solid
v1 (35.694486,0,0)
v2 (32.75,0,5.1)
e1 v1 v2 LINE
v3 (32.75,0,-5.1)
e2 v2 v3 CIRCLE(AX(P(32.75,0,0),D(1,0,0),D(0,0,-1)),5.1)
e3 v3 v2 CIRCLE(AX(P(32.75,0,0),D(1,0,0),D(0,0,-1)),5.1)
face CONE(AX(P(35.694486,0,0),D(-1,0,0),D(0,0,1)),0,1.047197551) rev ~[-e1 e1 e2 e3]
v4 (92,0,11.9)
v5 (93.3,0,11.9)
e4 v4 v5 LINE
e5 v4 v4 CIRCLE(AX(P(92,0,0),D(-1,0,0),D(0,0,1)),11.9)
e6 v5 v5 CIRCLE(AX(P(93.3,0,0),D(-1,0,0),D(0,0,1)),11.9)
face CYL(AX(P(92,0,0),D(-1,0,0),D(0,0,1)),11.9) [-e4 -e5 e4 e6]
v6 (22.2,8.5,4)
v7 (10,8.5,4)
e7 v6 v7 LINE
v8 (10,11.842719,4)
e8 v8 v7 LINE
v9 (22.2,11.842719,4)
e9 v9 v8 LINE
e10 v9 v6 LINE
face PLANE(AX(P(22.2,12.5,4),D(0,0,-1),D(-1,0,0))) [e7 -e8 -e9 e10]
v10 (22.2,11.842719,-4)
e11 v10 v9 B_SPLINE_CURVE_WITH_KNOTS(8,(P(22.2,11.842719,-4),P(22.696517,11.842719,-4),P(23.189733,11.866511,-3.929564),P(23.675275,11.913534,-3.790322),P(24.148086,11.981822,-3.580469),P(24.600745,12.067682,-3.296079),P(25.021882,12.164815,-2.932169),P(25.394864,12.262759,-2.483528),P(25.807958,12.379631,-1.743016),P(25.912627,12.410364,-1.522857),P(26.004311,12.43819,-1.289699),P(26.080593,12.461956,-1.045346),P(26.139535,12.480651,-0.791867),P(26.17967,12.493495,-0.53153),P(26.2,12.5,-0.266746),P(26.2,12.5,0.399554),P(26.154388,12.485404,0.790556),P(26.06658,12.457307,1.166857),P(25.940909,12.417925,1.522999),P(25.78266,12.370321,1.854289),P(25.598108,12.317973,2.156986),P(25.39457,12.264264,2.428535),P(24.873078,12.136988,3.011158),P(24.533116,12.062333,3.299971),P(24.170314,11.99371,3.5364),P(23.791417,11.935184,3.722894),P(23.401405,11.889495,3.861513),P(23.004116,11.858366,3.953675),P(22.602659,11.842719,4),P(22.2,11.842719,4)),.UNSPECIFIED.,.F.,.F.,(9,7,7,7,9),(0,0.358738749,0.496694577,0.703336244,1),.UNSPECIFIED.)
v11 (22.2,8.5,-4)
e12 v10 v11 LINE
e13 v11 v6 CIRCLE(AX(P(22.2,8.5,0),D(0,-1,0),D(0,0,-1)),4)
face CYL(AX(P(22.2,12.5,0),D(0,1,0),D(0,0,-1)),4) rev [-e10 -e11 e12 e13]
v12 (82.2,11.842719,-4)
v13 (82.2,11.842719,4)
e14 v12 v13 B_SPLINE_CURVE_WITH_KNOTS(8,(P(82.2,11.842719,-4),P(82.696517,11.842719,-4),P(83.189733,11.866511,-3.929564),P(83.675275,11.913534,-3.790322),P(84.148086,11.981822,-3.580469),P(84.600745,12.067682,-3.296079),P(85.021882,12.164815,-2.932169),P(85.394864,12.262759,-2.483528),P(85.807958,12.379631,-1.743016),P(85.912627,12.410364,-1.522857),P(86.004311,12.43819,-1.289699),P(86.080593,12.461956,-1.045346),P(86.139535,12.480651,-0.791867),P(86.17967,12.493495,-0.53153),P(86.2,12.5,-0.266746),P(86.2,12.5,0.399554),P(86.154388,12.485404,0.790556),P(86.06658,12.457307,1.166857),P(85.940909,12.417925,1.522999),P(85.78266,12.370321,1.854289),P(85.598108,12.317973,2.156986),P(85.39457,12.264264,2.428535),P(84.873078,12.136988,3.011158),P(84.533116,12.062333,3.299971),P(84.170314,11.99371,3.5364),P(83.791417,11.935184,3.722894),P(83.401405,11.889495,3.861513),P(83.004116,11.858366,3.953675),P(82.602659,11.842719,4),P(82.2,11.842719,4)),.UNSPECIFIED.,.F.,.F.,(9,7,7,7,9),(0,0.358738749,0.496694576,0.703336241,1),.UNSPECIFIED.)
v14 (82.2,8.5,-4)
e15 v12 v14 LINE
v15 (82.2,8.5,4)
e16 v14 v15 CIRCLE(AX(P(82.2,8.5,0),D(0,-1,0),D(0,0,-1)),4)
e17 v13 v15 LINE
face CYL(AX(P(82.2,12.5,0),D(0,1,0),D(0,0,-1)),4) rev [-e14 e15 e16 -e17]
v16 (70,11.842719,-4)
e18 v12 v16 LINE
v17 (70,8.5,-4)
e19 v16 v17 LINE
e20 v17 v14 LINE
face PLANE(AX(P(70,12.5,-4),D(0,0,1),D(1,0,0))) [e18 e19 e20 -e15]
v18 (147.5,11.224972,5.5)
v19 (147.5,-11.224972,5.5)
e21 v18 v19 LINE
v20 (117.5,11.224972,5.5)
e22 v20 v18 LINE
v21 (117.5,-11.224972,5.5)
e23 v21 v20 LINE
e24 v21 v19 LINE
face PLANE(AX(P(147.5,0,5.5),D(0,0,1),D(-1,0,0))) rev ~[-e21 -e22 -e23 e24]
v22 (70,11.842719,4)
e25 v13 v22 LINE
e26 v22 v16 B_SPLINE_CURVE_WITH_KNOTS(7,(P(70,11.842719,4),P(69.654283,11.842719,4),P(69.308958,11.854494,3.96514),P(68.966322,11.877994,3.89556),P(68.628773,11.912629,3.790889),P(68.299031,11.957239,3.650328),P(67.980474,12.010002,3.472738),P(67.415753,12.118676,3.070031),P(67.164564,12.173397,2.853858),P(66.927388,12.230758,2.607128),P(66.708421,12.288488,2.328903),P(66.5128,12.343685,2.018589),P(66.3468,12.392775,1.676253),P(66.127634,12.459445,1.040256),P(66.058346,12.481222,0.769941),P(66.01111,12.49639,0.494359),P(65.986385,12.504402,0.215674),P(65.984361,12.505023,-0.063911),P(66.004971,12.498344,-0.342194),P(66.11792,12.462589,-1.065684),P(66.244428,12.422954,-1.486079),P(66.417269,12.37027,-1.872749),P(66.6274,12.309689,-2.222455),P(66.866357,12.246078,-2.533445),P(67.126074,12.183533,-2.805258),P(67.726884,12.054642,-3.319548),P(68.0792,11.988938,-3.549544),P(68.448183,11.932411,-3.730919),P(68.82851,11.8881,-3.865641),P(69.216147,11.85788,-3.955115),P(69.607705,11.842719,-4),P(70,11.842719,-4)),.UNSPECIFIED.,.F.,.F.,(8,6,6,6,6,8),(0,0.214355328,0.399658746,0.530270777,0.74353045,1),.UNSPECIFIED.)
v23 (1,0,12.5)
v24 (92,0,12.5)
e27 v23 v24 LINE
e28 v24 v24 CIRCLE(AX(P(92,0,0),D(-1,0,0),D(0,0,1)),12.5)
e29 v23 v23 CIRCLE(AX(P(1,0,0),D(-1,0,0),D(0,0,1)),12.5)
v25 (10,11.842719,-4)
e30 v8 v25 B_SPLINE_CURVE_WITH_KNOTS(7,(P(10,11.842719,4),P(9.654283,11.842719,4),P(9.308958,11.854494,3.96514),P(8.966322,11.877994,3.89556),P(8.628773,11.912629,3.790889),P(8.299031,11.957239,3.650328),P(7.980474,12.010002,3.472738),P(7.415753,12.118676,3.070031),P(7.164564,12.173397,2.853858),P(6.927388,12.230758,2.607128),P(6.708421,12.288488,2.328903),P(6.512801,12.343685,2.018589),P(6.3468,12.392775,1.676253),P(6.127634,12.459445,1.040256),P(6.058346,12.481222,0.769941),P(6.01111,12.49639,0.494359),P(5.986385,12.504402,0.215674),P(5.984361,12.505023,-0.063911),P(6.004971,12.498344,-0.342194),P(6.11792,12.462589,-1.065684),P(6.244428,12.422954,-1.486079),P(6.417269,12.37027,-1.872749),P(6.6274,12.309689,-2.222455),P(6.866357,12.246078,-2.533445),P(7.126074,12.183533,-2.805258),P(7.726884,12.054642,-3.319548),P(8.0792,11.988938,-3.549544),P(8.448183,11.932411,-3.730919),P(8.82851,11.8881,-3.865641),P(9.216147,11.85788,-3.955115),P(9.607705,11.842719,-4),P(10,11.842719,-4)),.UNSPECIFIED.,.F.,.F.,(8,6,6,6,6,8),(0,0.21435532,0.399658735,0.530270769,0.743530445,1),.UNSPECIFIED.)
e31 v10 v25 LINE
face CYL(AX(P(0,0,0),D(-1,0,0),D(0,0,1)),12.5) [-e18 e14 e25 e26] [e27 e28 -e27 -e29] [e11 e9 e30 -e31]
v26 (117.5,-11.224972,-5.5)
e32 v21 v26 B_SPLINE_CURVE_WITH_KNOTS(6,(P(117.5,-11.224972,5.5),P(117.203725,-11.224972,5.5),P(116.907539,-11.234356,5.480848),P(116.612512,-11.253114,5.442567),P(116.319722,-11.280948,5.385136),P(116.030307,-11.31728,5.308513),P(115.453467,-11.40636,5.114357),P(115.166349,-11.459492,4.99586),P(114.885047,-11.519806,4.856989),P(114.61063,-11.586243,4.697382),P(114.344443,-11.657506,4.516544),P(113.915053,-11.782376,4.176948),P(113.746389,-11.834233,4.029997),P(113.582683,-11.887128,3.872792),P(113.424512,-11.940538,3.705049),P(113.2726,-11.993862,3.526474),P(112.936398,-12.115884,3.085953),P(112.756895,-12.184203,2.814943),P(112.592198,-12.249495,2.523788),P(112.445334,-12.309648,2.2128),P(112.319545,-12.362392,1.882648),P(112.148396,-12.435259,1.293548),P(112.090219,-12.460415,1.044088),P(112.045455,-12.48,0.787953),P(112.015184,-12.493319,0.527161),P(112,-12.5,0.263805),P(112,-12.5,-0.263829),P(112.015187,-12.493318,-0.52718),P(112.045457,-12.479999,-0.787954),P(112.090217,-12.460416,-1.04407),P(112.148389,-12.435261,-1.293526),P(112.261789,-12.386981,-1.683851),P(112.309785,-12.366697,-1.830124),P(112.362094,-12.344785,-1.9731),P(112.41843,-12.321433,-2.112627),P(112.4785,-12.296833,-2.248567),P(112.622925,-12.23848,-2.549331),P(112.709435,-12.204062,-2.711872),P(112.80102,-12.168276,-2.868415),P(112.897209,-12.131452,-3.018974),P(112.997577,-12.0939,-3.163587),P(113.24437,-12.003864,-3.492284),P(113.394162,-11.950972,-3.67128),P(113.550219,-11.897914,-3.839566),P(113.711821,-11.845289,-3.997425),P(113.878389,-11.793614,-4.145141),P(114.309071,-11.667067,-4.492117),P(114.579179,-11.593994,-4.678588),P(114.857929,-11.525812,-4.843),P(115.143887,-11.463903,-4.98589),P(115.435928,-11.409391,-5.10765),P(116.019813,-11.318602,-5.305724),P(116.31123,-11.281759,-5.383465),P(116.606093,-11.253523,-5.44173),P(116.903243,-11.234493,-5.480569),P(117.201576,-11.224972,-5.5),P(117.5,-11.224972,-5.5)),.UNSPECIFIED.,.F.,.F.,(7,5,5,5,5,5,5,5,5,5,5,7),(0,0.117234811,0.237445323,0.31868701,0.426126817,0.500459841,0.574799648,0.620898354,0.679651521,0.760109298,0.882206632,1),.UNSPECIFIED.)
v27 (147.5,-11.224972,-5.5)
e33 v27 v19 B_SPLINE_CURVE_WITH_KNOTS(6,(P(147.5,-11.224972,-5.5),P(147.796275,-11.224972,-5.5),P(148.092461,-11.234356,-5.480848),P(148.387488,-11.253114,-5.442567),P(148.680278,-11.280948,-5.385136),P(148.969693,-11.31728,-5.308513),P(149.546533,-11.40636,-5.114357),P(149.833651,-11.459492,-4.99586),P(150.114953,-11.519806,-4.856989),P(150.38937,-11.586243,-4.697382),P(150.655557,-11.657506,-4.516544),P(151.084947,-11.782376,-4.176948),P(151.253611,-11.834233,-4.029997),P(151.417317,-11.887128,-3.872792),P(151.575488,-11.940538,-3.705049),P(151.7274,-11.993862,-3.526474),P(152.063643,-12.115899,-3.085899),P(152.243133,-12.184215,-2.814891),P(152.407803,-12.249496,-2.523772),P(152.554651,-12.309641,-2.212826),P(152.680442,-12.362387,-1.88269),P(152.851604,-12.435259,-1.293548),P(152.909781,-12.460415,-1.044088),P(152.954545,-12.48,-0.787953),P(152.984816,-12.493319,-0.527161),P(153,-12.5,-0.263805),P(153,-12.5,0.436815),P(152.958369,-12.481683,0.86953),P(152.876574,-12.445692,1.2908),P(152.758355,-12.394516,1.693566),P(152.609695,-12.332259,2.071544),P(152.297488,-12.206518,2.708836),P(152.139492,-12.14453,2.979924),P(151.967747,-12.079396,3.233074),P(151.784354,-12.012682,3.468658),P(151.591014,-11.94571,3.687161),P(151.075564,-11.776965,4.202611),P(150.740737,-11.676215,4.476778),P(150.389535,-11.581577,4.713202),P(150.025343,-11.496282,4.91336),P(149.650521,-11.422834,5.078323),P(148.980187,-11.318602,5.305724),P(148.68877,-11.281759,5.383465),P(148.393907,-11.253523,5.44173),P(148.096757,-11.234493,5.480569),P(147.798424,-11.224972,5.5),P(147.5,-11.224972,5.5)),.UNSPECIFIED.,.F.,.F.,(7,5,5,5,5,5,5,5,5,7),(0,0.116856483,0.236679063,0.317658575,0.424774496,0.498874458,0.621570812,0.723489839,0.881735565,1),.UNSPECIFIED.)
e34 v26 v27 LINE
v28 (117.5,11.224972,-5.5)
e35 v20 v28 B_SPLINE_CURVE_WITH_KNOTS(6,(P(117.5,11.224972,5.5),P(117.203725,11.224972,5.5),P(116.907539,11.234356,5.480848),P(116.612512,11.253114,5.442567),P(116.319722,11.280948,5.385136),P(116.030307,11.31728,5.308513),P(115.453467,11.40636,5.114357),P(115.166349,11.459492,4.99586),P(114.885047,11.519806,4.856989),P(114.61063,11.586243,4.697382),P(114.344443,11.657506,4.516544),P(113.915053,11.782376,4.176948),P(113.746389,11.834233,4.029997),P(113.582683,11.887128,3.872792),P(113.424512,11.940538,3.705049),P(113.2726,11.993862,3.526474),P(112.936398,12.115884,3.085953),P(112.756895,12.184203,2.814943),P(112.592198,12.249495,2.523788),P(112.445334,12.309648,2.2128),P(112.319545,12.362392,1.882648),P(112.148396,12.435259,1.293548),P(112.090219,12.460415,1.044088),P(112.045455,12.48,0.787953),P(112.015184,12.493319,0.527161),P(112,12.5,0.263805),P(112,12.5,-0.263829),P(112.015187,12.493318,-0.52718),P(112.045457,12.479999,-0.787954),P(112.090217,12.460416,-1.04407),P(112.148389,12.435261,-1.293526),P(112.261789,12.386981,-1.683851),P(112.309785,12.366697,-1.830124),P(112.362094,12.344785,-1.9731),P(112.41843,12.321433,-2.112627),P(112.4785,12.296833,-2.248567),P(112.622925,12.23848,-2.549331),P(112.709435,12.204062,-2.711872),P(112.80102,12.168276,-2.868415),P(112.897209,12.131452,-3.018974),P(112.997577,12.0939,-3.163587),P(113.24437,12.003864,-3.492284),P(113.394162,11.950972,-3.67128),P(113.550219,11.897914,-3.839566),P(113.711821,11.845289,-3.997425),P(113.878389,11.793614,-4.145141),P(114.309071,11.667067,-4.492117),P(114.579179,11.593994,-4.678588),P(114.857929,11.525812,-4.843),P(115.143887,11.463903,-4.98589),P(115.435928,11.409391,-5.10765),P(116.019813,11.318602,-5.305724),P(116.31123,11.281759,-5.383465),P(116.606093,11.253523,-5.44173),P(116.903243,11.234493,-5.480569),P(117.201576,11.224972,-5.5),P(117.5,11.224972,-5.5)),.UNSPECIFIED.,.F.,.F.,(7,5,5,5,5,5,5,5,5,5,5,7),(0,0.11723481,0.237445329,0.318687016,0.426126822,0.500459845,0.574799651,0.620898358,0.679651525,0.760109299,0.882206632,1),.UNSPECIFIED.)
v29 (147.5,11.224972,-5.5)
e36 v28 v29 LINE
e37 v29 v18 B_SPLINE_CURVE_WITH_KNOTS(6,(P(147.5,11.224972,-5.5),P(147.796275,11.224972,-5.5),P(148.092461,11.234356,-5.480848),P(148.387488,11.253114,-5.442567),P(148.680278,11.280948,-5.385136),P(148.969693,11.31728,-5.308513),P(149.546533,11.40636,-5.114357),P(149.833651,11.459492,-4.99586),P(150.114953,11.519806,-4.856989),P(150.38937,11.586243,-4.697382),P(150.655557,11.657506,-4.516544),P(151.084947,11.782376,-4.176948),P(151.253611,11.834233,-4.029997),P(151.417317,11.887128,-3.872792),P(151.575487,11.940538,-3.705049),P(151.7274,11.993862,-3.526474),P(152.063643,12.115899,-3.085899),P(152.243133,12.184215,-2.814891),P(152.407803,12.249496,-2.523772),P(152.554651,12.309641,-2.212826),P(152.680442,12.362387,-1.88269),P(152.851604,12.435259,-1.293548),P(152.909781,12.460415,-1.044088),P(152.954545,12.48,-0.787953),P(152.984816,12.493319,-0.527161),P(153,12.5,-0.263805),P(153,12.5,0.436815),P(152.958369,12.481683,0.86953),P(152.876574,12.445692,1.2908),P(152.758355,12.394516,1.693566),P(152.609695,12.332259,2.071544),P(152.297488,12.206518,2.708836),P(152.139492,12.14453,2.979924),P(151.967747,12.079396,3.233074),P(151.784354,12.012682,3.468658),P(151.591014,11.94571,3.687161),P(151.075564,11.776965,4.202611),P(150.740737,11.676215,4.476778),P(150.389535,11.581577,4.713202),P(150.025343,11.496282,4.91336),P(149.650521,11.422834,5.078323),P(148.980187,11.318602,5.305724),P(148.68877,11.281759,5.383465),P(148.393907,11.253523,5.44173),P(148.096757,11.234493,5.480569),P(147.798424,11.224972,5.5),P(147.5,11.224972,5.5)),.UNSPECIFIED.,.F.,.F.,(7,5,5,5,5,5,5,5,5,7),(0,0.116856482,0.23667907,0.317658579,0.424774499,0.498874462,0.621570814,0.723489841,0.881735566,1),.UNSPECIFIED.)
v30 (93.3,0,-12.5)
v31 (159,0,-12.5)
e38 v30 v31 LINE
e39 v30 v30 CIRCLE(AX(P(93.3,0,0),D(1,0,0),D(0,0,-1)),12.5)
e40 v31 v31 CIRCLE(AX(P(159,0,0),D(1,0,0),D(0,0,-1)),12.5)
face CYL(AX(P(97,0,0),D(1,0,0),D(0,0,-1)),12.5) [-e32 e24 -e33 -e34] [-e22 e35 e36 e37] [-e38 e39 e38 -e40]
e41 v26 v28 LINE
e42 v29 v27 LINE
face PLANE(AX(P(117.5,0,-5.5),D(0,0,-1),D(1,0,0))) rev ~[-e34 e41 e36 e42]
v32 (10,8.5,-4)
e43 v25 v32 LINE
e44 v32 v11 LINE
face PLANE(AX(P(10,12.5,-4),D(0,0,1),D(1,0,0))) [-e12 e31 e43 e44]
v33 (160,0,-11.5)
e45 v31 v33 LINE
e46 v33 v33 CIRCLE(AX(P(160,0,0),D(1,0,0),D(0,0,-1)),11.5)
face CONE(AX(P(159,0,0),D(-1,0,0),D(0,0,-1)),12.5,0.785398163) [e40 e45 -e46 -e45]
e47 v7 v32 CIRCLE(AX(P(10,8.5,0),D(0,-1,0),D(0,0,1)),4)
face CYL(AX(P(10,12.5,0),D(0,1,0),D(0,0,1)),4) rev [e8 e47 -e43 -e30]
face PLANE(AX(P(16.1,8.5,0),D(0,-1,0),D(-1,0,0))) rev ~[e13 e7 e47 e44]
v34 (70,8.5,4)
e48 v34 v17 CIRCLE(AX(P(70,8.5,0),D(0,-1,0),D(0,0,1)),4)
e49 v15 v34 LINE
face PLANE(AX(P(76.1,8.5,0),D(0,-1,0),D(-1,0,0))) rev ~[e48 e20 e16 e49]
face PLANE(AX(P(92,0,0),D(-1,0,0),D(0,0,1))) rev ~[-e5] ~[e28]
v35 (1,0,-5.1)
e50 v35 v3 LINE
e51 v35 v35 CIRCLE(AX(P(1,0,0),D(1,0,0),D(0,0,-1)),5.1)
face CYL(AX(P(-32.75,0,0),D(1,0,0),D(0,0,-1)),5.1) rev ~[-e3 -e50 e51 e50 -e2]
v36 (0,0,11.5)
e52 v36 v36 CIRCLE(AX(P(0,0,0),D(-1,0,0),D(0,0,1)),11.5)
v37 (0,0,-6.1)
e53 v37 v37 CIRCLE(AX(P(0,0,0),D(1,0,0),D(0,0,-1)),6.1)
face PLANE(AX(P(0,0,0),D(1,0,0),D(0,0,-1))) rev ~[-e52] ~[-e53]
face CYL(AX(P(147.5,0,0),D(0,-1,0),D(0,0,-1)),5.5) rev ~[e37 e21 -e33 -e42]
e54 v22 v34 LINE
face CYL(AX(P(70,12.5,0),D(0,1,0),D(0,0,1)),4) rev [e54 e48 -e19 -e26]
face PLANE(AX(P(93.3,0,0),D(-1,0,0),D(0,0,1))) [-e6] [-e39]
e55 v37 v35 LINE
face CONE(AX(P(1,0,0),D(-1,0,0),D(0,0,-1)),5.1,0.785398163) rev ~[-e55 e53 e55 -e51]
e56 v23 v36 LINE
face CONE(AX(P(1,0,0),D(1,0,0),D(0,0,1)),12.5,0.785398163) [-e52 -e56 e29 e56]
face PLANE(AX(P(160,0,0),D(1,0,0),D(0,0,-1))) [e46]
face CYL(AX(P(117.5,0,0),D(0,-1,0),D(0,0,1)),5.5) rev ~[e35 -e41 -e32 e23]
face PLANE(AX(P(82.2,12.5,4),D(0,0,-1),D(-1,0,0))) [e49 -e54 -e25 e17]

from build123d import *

# Parameters (mm, degrees)
SKETCH_1_R               = 15
EXTRUDE_1_DEPTH          = 160
SKETCH_2_OUTSIDE_W       = 65.106
SKETCH_2_OUTSIDE_H       = 65.106
SKETCH_2_OUTSIDE_R       = 12.5
CUT_EXTRUDE_1_DEPTH      = 92
SKETCH_3_OUTSIDE_W       = 65.106
SKETCH_3_OUTSIDE_H       = 65.106
SKETCH_3_OUTSIDE_R       = 12.5
CUT_EXTRUDE_2_DEPTH      = 63
CHAMFER_1_SIZE           = 1
CUT_EXTRUDE_START        = 12.5
CUT_EXTRUDE_3_DEPTH      = 4
HOLE_WIZARD_M121_D       = 10.2
HOLE_WIZARD_M121_DEPTH   = 32.75
HOLE_WIZARD_M121_TIP     = 2.944486373
CHAMFER_2_SIZE           = 1
CUT_EXTRUDE_4_DEPTH      = 16
CUT_EXTRUDE_4_DEPTH_BACK = 16
SKETCH_9_R               = 15
SKETCH_9_R_2             = 11.9
CUT_EXTRUDE_5_DEPTH      = 1.3
SKETCH_10_R              = 15
SKETCH_10_R_2            = 12.5
CUT_EXTRUDE_6_DEPTH      = 7.3


with BuildPart() as part:
    # Эскиз1 → Бобышка-Вытянуть1 (new body)
    with BuildSketch(Plane(origin=(0, 0, 0), x_dir=(0, 0, -1), z_dir=(1, 0, 0))):
        Circle(SKETCH_1_R)
    extrude(amount=EXTRUDE_1_DEPTH)

    # Эскиз2 outside → Вырез-Вытянуть1 (cut)
    with BuildSketch(Plane.ZY):
        Rectangle(SKETCH_2_OUTSIDE_W, SKETCH_2_OUTSIDE_H)
        Circle(SKETCH_2_OUTSIDE_R, mode=Mode.SUBTRACT)
    extrude(amount=-CUT_EXTRUDE_1_DEPTH, mode=Mode.SUBTRACT)

    # Эскиз3 outside → Вырез-Вытянуть2 (cut)
    with BuildSketch(Plane(origin=(160, 0, 0), x_dir=(0, 0, -1), z_dir=(1, 0, 0))):
        Rectangle(SKETCH_3_OUTSIDE_W, SKETCH_3_OUTSIDE_H)
        Circle(SKETCH_3_OUTSIDE_R, mode=Mode.SUBTRACT)
    extrude(amount=-CUT_EXTRUDE_2_DEPTH, mode=Mode.SUBTRACT)

    # Фаска1
    chamfer_1_edges = [part.edges().sort_by_distance(p)[0] for p in [
        (0, 0, -12.5),
        (97, 0, 15),
        (160, 0, 12.5),
        (92, 0, 15),
    ]]
    chamfer(chamfer_1_edges, length=CHAMFER_1_SIZE)

    # Эскиз4 → Вырез-Вытянуть3 (cut)
    with BuildSketch(Plane(origin=(0, 0, 0), x_dir=(1, 0, 0), z_dir=(0, 1, 0)).offset(CUT_EXTRUDE_START)):
        with BuildLine():
            Line((10, 4), (22.2, 4))
            ThreePointArc((22.2, 4), (26.2, 0), (22.2, -4))
            Line((22.2, -4), (10, -4))
            ThreePointArc((10, -4), (6, 0), (10, 4))
        make_face()
        with BuildLine():
            Line((70, 4), (82.2, 4))
            ThreePointArc((82.2, 4), (86.2, 0), (82.2, -4))
            Line((82.2, -4), (70, -4))
            ThreePointArc((70, -4), (66, 0), (70, 4))
        make_face()
    extrude(amount=-CUT_EXTRUDE_3_DEPTH, mode=Mode.SUBTRACT)

    # Отверстие обработанное метчиком M121
    with Locations(Plane.ZY):
        with Locations((0, 0)):
            Hole(HOLE_WIZARD_M121_D / 2, depth=HOLE_WIZARD_M121_DEPTH)
            with Locations((0, 0, -(HOLE_WIZARD_M121_DEPTH + HOLE_WIZARD_M121_TIP / 2))):  # 120° drill point
                Cone(0, HOLE_WIZARD_M121_D / 2, HOLE_WIZARD_M121_TIP, mode=Mode.SUBTRACT)

    # Фаска2
    chamfer_2_edges = [part.edges().sort_by_distance(p)[0] for p in [
        (0, 0, 5.1),
    ]]
    chamfer(chamfer_2_edges, length=CHAMFER_2_SIZE)

    # Эскиз8 → Вырез-Вытянуть4 (cut, two sides)
    with BuildSketch(Plane(origin=(0, 0, 0), x_dir=(1, 0, 0), z_dir=(0, 1, 0))) as cut_extrude_4_sk:
        with BuildLine():
            Line((147.5, -5.5), (117.5, -5.5))
            ThreePointArc((117.5, -5.5), (112, 0), (117.5, 5.5))
            Line((117.5, 5.5), (147.5, 5.5))
            ThreePointArc((147.5, 5.5), (153, 0), (147.5, -5.5))
        make_face()
    extrude(amount=CUT_EXTRUDE_4_DEPTH, mode=Mode.SUBTRACT)
    extrude(cut_extrude_4_sk.sketch, amount=-CUT_EXTRUDE_4_DEPTH_BACK, mode=Mode.SUBTRACT)

    # Эскиз9 → Вырез-Вытянуть5 (cut)
    with BuildSketch(Plane.ZY.offset(-92)):
        Circle(SKETCH_9_R)
        Circle(SKETCH_9_R_2, mode=Mode.SUBTRACT)
    extrude(amount=-CUT_EXTRUDE_5_DEPTH, mode=Mode.SUBTRACT)

    # Эскиз10 → Вырез-Вытянуть6 (cut)
    with BuildSketch(Plane(origin=(97, 0, 0), x_dir=(0, 0, -1), z_dir=(1, 0, 0))):
        Circle(SKETCH_10_R)
        Circle(SKETCH_10_R_2, mode=Mode.SUBTRACT)
    extrude(amount=-CUT_EXTRUDE_6_DEPTH, mode=Mode.SUBTRACT)


solid = part.part
